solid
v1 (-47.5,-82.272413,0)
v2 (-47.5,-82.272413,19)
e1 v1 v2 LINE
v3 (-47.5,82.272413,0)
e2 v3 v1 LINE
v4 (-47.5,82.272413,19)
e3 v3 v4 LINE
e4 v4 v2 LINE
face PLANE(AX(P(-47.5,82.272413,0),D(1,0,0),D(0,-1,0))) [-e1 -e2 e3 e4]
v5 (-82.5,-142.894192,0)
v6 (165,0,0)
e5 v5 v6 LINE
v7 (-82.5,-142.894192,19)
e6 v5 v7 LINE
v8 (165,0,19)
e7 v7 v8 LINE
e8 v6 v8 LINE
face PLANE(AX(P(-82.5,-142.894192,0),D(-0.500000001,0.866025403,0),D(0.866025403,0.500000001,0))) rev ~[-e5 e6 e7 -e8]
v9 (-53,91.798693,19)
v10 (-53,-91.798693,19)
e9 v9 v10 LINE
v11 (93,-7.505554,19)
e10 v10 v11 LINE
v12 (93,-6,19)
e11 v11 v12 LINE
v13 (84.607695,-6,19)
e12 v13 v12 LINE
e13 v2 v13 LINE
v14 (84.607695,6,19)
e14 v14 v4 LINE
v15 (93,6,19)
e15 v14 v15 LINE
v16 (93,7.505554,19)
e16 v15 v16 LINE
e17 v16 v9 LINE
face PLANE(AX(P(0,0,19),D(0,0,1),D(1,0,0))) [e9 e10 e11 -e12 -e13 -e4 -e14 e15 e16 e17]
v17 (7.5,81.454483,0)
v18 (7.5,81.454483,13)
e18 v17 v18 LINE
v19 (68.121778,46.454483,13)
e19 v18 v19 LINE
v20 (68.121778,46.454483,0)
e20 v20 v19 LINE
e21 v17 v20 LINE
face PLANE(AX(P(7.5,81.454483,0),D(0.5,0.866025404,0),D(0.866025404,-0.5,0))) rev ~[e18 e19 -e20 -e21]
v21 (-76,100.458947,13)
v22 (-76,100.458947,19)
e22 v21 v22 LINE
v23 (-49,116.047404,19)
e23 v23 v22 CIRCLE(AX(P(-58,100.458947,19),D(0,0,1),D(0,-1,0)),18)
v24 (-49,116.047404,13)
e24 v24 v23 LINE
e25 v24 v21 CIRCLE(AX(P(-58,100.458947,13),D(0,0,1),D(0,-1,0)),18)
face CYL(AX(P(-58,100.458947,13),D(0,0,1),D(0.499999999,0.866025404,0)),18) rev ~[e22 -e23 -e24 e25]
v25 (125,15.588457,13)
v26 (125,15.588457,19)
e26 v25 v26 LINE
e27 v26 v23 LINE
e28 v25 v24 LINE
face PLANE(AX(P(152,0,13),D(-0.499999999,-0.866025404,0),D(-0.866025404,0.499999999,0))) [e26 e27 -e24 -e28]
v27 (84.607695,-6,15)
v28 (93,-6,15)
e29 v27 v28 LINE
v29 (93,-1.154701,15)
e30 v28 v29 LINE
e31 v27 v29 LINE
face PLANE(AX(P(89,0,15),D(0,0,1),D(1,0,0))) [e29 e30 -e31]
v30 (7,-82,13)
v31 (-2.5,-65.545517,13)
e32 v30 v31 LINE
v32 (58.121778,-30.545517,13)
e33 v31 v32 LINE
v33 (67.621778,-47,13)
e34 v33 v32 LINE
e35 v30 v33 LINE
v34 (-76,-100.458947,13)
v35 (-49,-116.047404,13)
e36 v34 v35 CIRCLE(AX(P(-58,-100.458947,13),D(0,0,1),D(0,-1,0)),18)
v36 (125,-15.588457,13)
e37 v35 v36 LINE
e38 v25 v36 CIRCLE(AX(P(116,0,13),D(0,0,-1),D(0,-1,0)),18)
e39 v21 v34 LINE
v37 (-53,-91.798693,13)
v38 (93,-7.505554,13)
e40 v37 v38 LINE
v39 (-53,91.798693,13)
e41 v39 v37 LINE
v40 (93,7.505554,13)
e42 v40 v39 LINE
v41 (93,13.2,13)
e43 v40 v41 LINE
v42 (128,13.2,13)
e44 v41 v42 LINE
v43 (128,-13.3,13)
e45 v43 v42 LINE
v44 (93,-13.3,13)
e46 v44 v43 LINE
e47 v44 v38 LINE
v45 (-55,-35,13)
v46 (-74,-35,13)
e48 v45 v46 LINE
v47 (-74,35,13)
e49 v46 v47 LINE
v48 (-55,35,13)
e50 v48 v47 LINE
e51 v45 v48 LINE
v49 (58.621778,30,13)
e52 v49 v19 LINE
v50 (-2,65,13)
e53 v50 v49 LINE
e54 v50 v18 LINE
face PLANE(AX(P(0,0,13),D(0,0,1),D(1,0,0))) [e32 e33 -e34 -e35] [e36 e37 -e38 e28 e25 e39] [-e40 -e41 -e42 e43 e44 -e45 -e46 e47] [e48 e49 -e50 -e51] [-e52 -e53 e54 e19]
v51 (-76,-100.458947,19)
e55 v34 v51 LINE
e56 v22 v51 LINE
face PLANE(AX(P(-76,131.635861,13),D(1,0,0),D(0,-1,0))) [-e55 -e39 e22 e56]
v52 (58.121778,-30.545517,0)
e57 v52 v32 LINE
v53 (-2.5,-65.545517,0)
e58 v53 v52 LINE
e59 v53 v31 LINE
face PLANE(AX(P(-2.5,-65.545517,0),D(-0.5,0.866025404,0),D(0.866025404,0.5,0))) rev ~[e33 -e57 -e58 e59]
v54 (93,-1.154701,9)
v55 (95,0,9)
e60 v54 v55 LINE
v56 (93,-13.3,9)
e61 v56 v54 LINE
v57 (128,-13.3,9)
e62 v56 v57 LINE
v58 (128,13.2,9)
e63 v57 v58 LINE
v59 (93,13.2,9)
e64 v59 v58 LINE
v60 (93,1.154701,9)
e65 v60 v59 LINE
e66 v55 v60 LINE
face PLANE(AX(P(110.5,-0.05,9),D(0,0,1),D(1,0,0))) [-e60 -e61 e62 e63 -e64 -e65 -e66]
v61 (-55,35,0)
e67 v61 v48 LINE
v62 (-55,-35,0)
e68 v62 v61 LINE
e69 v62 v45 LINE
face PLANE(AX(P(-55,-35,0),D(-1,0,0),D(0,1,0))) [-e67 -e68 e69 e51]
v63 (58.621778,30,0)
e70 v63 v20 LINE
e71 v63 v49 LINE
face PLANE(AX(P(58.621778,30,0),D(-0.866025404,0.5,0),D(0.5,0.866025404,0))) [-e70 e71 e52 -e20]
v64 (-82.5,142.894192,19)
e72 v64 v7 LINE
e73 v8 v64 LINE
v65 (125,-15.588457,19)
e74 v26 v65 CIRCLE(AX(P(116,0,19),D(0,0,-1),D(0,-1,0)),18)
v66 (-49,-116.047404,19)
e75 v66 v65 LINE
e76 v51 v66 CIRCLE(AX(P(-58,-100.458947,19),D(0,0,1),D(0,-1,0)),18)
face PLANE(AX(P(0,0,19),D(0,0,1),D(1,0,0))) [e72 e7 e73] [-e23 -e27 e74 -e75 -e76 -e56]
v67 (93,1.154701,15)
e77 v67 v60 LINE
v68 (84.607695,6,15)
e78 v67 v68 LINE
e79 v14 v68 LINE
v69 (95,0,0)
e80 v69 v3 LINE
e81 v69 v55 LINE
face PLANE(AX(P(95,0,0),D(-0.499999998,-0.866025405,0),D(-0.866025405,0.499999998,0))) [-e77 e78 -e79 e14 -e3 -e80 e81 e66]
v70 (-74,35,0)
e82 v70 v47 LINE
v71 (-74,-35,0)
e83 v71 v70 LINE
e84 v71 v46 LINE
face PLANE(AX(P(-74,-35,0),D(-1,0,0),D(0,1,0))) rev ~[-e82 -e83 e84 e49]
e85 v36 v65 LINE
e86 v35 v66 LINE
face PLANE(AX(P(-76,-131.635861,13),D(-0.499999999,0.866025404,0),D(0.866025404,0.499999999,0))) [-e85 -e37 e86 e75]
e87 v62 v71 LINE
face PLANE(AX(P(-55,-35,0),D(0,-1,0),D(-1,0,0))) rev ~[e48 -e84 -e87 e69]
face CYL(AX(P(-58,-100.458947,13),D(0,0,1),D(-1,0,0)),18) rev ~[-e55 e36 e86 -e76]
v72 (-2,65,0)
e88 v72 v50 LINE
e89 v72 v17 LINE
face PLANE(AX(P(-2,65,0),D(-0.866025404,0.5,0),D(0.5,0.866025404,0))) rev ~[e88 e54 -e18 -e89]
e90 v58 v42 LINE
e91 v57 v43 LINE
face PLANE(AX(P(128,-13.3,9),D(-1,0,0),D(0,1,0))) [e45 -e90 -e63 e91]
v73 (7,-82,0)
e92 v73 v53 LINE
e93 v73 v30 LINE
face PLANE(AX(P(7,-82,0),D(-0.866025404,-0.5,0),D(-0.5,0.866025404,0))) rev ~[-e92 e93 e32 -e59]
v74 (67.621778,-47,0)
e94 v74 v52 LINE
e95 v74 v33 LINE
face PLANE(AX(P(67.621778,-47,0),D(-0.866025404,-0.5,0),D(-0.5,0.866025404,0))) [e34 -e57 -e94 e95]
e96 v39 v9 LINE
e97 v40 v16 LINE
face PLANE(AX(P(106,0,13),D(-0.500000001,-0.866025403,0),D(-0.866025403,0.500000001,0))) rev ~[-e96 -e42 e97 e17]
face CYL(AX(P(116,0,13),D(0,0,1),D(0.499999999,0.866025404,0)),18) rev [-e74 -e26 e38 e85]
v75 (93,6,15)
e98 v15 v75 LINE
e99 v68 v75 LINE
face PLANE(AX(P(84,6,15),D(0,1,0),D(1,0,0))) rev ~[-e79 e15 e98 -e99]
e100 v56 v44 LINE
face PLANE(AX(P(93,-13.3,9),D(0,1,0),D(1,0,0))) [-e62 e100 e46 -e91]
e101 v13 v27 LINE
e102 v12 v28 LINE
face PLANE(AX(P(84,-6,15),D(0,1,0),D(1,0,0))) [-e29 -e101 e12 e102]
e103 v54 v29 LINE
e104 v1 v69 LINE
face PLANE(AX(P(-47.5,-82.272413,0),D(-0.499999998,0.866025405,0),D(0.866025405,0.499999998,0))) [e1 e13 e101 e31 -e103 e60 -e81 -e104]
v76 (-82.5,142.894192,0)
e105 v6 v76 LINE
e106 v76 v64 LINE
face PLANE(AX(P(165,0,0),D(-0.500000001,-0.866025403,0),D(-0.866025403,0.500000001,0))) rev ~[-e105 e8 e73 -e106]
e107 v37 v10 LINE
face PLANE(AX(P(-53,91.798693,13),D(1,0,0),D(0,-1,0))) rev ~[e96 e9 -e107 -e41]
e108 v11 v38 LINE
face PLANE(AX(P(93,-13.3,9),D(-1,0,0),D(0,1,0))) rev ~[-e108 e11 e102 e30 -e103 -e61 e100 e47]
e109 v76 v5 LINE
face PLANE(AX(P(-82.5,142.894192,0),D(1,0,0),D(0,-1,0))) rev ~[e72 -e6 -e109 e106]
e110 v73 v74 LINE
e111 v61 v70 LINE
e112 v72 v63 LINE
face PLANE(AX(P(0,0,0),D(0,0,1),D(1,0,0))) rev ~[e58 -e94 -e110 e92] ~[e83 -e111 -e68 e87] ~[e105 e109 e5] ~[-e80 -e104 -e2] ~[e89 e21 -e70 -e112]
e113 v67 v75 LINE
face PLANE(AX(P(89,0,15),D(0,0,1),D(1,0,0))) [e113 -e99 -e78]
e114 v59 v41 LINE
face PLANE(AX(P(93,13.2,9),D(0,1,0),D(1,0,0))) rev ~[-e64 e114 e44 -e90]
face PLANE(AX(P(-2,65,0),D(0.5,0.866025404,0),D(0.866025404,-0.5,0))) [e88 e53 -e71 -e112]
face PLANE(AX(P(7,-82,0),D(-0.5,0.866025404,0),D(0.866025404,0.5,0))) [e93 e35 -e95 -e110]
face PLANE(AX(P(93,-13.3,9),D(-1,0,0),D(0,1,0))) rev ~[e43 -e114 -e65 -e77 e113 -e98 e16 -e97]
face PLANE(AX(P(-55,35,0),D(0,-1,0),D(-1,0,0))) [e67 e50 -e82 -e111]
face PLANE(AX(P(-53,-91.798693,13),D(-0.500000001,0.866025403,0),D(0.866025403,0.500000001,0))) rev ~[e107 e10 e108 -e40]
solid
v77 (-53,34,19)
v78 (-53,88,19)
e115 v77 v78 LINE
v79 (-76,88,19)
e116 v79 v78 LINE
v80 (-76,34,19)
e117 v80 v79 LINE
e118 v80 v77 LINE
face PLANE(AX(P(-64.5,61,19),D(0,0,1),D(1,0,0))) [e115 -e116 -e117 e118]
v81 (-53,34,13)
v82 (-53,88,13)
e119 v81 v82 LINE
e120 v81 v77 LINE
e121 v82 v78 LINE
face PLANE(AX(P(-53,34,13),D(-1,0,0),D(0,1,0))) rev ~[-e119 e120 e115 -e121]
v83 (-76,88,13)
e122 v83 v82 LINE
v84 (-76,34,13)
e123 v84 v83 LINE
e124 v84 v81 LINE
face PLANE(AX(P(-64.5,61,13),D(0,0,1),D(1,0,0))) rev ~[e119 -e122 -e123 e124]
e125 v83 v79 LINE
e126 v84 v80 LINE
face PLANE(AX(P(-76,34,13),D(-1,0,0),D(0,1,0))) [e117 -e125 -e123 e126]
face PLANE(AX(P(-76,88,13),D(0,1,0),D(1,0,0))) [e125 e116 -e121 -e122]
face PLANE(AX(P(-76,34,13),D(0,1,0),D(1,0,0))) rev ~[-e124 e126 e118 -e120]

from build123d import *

# Parameters (mm, degrees)
BOX005_W               = 23
BOX005_H               = 54
BOX005_DEPTH           = 6
PRISM003_DEPTH         = 6
PRISM002_DEPTH         = 6
BOX004_W               = 10
BOX004_H               = 12
BOX004_DEPTH           = 4
BOX003_W               = 35
BOX003_H               = 26.5
BOX003_DEPTH           = 10
BOX002_W               = 70
BOX002_H               = 19
BOX002_DEPTH           = 19
BOX002_PLACEMENT_ANGLE = 30
BOX001_W               = 70
BOX001_H               = 19
BOX001_DEPTH           = 19
BOX001_PLACEMENT_ANGLE = 90
BOX_W                  = 70
BOX_H                  = 19
BOX_DEPTH              = 19
BOX_PLACEMENT_ANGLE    = 30
PRISM001_DEPTH         = 19
PRISM_DEPTH            = 19
FILLET_R               = 18


with BuildPart() as box005:
    # Box005 → Box005 (new body)
    with BuildSketch(Plane(origin=(-76, 34, 13), x_dir=(1, 0, 0), z_dir=(0, 0, 1))):
        with Locations((11.5, 27)):
            Rectangle(BOX005_W, BOX005_H)
    extrude(amount=BOX005_DEPTH)


with BuildPart() as prism003:
    # Prism003 → Prism003 (new body)
    with BuildSketch(Plane.XY.offset(13)):
        Polygon((106, 0), (-53, 91.798693), (-53, -91.798693), align=None)
    extrude(amount=PRISM003_DEPTH)


with BuildPart() as cut006:
    # Prism002 → Prism002 (new body)
    with BuildSketch(Plane.XY.offset(13)):
        Polygon((152, 0), (-76, 131.635861), (-76, -131.635861), align=None)
    extrude(amount=PRISM002_DEPTH)

    # Cut006: cut Prism003
    add(prism003.part, mode=Mode.SUBTRACT)


with BuildPart() as box004:
    # Box004 → Box004 (new body)
    with BuildSketch(Plane(origin=(84, -6, 15), x_dir=(1, 0, 0), z_dir=(0, 0, 1))):
        with Locations((5, 6)):
            Rectangle(BOX004_W, BOX004_H)
    extrude(amount=BOX004_DEPTH)


with BuildPart() as box003:
    # Box003 → Box003 (new body)
    with BuildSketch(Plane(origin=(93, -13.3, 9), x_dir=(1, 0, 0), z_dir=(0, 0, 1))):
        with Locations((17.5, 13.25)):
            Rectangle(BOX003_W, BOX003_H)
    extrude(amount=BOX003_DEPTH)


with BuildPart() as box002:
    # Box002 → Box002 (new body)
    with BuildSketch(Plane.XY):
        with Locations((35, 9.5)):
            Rectangle(BOX002_W, BOX002_H)
    extrude(amount=BOX002_DEPTH)


with BuildPart() as box002_1:
    # Box002 placement: moved
    add(box002.part.moved(Location((7, -82, 0))).rotate(Axis((7, -82, 0), (0, 0, 1)), BOX002_PLACEMENT_ANGLE))


with BuildPart() as box001:
    # Box001 → Box001 (new body)
    with BuildSketch(Plane.XY):
        with Locations((35, 9.5)):
            Rectangle(BOX001_W, BOX001_H)
    extrude(amount=BOX001_DEPTH)


with BuildPart() as box001_1:
    # Box001 placement: moved
    add(box001.part.moved(Location((-55, -35, 0))).rotate(Axis((-55, -35, 0), (0, 0, 1)), BOX001_PLACEMENT_ANGLE))


with BuildPart() as box:
    # Box → Box (new body)
    with BuildSketch(Plane.XY):
        with Locations((35, 9.5)):
            Rectangle(BOX_W, BOX_H)
    extrude(amount=BOX_DEPTH)


with BuildPart() as box_1:
    # Box placement: moved
    add(box.part.moved(Location((-2, 65, 0))).rotate(Axis((-2, 65, 0), (0, 0, -1)), BOX_PLACEMENT_ANGLE))


with BuildPart() as prism001:
    # Prism001 → Prism001 (new body)
    with BuildSketch(Plane.XY):
        Polygon((95, 0), (-47.5, 82.272413), (-47.5, -82.272413), align=None)
    extrude(amount=PRISM001_DEPTH)


with BuildPart() as fillet_body:
    # Prism → Prism (new body)
    with BuildSketch(Plane.XY):
        Polygon((165, 0), (-82.5, 142.894192), (-82.5, -142.894192), align=None)
    extrude(amount=PRISM_DEPTH)

    # Cut: cut Prism001
    add(prism001.part, mode=Mode.SUBTRACT)

    # Cut001: cut Box
    add(box_1.part, mode=Mode.SUBTRACT)

    # Cut002: cut Box001
    add(box001_1.part, mode=Mode.SUBTRACT)

    # Cut003: cut Box002
    add(box002_1.part, mode=Mode.SUBTRACT)

    # Cut004: cut Box003
    add(box003.part, mode=Mode.SUBTRACT)

    # Cut005: cut Box004
    add(box004.part, mode=Mode.SUBTRACT)

    # Cut007: cut Cut006
    add(cut006.part, mode=Mode.SUBTRACT)

    # Fillet
    fillet_edges = [fillet_body.edges().sort_by_distance(p)[0] for p in [
        (-76, 131.635861, 16),
        (-76, -131.635861, 16),
        (152, 0, 16),
    ]]
    fillet(fillet_edges, radius=FILLET_R)


solid = Compound([box005.part, fillet_body.part])
